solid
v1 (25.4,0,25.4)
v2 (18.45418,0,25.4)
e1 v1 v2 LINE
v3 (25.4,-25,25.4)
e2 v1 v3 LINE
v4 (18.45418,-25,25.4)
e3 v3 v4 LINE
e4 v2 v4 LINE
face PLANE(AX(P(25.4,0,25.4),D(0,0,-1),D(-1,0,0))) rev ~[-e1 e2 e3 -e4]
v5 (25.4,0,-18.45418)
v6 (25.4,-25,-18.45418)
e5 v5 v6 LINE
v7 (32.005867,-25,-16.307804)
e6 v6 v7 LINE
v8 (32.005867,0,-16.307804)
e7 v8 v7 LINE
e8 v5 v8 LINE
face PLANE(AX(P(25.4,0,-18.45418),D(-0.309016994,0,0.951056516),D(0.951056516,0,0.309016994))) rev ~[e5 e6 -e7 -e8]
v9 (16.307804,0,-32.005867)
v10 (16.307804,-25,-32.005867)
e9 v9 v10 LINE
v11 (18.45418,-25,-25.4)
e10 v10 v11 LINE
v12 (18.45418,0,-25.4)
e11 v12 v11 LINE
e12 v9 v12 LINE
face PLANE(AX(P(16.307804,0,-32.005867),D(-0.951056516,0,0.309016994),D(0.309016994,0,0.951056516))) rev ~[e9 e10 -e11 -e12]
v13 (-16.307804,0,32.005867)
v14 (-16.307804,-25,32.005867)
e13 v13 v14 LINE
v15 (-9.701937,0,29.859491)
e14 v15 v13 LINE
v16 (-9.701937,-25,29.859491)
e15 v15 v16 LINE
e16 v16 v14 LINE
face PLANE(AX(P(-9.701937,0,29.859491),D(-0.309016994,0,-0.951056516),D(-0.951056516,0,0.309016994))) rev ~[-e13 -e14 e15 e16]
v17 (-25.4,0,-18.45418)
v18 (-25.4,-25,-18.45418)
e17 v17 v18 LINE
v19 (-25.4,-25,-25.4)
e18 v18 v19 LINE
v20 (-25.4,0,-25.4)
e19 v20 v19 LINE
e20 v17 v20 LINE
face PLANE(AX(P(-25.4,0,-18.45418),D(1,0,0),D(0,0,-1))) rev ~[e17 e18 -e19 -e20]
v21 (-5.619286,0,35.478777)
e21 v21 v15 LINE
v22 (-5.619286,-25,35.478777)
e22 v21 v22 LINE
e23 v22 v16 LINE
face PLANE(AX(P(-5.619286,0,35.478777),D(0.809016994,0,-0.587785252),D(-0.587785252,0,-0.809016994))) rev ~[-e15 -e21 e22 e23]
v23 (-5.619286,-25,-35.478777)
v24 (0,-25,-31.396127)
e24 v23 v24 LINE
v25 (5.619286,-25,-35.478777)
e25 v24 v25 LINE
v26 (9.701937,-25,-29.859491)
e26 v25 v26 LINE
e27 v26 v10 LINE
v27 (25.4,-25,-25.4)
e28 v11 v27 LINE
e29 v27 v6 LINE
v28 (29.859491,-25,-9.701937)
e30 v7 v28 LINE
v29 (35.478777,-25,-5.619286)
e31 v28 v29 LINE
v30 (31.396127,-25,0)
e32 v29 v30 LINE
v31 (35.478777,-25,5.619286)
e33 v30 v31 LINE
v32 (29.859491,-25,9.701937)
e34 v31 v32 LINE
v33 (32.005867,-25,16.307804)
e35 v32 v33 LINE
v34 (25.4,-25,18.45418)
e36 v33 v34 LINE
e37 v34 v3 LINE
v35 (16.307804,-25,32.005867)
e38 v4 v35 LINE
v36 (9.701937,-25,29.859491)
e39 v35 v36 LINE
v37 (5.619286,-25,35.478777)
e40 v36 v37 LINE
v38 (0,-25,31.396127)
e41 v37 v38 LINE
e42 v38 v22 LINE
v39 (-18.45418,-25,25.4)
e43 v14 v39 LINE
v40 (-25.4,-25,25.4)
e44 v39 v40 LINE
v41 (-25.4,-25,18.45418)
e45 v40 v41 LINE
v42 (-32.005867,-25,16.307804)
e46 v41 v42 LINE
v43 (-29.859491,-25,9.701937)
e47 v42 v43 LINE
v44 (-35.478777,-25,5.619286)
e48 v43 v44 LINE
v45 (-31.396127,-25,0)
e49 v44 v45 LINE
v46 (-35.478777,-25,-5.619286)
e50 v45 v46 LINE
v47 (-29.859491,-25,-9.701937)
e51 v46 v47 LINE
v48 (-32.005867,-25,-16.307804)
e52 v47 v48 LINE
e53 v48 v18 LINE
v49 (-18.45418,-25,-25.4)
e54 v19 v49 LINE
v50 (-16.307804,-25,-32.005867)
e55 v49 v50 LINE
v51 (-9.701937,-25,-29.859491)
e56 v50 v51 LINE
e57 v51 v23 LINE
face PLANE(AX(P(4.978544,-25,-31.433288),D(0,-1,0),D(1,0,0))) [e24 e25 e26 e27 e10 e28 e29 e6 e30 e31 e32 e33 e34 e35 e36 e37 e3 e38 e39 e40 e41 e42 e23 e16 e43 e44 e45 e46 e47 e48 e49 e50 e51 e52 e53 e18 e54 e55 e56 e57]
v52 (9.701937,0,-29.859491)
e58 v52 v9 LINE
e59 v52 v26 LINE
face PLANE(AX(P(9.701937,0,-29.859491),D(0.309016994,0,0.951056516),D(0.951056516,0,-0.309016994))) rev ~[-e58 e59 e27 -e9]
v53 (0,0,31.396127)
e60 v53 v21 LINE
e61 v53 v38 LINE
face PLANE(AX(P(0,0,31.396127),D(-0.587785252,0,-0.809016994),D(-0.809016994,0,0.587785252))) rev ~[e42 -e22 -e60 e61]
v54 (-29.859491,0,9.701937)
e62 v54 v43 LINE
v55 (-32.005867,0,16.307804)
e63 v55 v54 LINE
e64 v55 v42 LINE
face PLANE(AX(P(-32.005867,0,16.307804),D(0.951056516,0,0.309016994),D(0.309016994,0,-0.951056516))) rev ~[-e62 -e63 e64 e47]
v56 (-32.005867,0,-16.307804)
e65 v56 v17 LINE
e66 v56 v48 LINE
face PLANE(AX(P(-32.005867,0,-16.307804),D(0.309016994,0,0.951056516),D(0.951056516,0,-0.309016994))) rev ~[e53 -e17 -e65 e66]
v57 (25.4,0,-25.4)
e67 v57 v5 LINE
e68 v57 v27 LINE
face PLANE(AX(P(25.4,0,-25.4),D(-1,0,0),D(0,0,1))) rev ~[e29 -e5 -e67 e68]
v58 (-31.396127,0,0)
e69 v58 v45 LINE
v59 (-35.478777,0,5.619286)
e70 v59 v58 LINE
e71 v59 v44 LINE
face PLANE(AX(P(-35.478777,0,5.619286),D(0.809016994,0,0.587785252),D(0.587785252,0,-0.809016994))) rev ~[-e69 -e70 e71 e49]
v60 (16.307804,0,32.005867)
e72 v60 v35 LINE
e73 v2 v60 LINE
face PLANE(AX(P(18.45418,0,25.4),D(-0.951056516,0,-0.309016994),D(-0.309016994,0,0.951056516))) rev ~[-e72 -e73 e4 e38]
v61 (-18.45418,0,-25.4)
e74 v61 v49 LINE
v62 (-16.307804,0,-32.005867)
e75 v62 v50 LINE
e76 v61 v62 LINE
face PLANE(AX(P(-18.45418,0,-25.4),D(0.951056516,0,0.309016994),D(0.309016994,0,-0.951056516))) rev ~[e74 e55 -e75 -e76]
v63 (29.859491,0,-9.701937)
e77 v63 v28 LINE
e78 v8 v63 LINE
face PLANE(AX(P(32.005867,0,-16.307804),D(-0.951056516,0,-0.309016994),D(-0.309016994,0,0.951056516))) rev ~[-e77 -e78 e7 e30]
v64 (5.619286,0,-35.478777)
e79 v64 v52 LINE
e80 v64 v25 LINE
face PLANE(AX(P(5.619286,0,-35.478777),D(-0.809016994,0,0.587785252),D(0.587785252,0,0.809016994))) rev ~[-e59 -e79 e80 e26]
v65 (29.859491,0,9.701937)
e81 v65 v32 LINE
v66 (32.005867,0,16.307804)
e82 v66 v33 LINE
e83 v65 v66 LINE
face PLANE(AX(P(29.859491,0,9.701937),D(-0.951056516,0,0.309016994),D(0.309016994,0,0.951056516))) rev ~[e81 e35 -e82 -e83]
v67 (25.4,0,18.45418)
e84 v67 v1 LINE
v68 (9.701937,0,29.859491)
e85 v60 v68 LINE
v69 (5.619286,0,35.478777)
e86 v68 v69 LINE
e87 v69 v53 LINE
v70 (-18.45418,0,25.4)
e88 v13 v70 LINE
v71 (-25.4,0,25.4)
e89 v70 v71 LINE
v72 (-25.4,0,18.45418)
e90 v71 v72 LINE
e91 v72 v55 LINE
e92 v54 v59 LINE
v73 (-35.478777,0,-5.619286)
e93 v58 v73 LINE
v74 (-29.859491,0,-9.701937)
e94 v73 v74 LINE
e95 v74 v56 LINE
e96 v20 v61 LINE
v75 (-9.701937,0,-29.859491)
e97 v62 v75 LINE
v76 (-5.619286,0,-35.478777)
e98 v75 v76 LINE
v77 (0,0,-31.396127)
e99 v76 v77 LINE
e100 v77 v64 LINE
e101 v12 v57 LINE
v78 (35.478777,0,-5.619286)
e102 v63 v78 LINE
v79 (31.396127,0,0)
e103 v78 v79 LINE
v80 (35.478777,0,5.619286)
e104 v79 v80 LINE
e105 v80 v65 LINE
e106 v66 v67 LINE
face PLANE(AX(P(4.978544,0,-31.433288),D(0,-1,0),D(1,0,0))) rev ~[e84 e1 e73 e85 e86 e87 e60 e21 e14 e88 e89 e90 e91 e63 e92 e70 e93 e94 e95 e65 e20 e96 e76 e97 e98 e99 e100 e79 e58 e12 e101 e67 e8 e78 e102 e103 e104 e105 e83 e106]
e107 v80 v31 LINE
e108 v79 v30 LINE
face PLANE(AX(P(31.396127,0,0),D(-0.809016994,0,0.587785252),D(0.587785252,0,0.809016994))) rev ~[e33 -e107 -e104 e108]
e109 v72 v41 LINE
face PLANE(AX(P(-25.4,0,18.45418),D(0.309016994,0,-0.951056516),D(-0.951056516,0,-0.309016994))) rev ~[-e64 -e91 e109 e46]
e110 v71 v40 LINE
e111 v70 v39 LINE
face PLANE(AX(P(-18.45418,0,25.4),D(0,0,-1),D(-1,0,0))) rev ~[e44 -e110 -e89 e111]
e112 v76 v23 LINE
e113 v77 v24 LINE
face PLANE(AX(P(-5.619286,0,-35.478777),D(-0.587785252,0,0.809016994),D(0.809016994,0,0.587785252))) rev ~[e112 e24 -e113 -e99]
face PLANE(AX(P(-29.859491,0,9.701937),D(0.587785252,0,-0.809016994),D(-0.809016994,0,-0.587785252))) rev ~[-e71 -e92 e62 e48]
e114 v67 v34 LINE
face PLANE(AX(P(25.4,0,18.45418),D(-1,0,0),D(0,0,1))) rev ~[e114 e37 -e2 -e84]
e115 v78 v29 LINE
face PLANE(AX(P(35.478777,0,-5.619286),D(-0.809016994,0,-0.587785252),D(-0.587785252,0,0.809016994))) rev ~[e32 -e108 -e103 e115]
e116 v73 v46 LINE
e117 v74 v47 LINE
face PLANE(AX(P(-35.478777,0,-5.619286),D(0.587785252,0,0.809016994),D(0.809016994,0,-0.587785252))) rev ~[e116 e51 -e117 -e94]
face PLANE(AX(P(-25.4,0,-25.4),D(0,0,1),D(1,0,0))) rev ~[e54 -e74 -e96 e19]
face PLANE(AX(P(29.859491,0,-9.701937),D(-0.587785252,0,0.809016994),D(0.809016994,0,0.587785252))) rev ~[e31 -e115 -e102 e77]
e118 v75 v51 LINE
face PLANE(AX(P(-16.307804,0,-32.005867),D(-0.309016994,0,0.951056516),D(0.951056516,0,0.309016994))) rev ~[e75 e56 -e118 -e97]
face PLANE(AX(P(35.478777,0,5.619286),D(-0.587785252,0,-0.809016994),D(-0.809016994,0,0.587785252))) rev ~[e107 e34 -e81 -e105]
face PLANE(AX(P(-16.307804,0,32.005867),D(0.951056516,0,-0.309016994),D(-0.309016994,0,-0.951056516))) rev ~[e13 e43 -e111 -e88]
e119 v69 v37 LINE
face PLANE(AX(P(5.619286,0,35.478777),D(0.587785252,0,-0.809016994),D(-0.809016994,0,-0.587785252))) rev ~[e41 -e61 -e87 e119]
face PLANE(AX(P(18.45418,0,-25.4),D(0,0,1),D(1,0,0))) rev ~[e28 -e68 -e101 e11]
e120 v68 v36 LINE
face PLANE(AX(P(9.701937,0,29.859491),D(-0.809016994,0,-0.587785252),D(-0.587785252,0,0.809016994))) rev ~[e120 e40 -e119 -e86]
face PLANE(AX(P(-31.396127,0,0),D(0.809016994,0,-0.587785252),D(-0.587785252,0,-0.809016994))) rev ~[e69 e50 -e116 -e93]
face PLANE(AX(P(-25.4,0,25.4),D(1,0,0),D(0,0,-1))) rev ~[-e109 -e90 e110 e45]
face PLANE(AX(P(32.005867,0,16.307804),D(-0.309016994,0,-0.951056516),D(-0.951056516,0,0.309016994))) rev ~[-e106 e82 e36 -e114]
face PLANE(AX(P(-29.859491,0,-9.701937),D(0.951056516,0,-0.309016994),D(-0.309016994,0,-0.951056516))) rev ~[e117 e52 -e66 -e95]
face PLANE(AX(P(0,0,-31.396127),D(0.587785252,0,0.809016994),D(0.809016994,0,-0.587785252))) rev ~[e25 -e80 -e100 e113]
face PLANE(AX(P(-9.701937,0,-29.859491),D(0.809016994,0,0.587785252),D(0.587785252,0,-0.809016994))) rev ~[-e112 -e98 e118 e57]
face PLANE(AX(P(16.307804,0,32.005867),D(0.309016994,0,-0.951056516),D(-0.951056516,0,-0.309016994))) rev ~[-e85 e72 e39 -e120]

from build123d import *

# Parameters (mm, degrees)
F1_DEPTH = 25


with BuildPart() as f1:
    # F0 (on Front) → F1 (new body)
    with BuildSketch(Plane.XZ):
        Polygon((9.7019366858, -29.8594908165), (4.4594908165, -28.1561168971), (0, -31.3961266285), (5.6192862489, -35.4787770654), align=None)
        Polygon((5.6192862489, 35.4787770654), (0, 31.3961266285), (4.4594908165, 28.1561168971), (9.7019366858, 29.8594908165), align=None)
        Polygon((-28.1561168971, -4.4594908165), (-31.3961266285, 0), (-35.4787770654, -5.6192862489), (-29.8594908165, -9.7019366858), align=None)
        Polygon((4.0229647842, 25.4), (-4.0229647842, 25.4), (-11.67509853, 22.9136710278), (-18.1843922865, 18.1843922865), (-22.9136710278, 11.67509853), (-25.4, 4.0229647842), (-25.4, -4.0229647842), (-22.9136710278, -11.67509853), (-18.1843922865, -18.1843922865), (-11.67509853, -22.9136710278), (-4.0229647842, -25.4), (4.0229647842, -25.4), (11.67509853, -22.9136710278), (18.1843922865, -18.1843922865), (22.9136710278, -11.67509853), (25.4, -4.0229647842), (25.4, 4.0229647842), (22.9136710278, 11.67509853), (18.1843922865, 18.1843922865), (11.67509853, 22.9136710278), align=None)
        Polygon((25.4, 18.4541802113), (20.1575541307, 20.1575541307), (21.6065305321, 15.6980633142), (25.4, 12.9419464172), align=None)
        Polygon((-12.9419464172, -25.4), (-15.6980633142, -21.6065305321), (-20.1575541307, -20.1575541307), (-18.4541802113, -25.4), align=None)
        Polygon((-18.4541802113, 25.4), (-25.4, 25.4), (-25.4, 18.4541802113), (-20.1575541307, 20.1575541307), align=None)
        Polygon((-16.3078038568, 32.005867171), (-18.4541802113, 25.4), (-12.9419464172, 25.4), (-9.7019366858, 29.8594908165), align=None)
        Polygon((9.7019366858, 29.8594908165), (12.9419464172, 25.4), (18.4541802113, 25.4), (16.3078038568, 32.005867171), align=None)
        Polygon((25.4, -25.4), (25.4, -18.4541802113), (20.1575541307, -20.1575541307), (18.4541802113, -25.4), align=None)
        Polygon((-25.4, 12.9419464172), (-25.4, 18.4541802113), (-32.005867171, 16.3078038568), (-29.8594908165, 9.7019366858), align=None)
        Polygon((32.005867171, 16.3078038568), (25.4, 18.4541802113), (25.4, 12.9419464172), (29.8594908165, 9.7019366858), align=None)
        Polygon((29.8594908165, -9.7019366858), (25.4, -12.9419464172), (25.4, -18.4541802113), (32.005867171, -16.3078038568), align=None)
        Polygon((35.4787770654, 5.6192862489), (29.8594908165, 9.7019366858), (28.1561168971, 4.4594908165), (31.3961266285, 0), align=None)
        Polygon((-25.4, 4.0229647842), (-25.4, 8.2529602843), (-28.1561168971, 4.4594908165), (-26.7071404957, 0), align=None)
        Polygon((-4.4594908165, 28.1561168971), (-8.2529602843, 25.4), (-4.0229647842, 25.4), (0, 26.7071404957), align=None)
        Polygon((4.4594908165, -28.1561168971), (0, -26.7071404957), (-4.4594908165, -28.1561168971), (0, -31.3961266285), align=None)
        Polygon((15.6980633142, -21.6065305321), (12.9419464172, -25.4), (18.4541802113, -25.4), (20.1575541307, -20.1575541307), align=None)
        Polygon((0, 31.3961266285), (-4.4594908165, 28.1561168971), (0, 26.7071404957), (4.4594908165, 28.1561168971), align=None)
        Polygon((-28.1561168971, 4.4594908165), (-29.8594908165, 9.7019366858), (-35.4787770654, 5.6192862489), (-31.3961266285, 0), align=None)
        Polygon((-15.6980633142, 21.6065305321), (-20.1575541307, 20.1575541307), (-21.6065305321, 15.6980633142), (-18.1843922865, 18.1843922865), align=None)
        Polygon((28.1561168971, 4.4594908165), (25.4, 8.2529602843), (25.4, 4.0229647842), (26.7071404957, 0), align=None)
        Polygon((0, -26.7071404957), (-4.0229647842, -25.4), (-8.2529602843, -25.4), (-4.4594908165, -28.1561168971), align=None)
        Polygon((26.7071404957, 0), (25.4, -4.0229647842), (25.4, -8.2529602843), (28.1561168971, -4.4594908165), align=None)
        Polygon((-25.4, -12.9419464172), (-25.4, -8.2529602843), (-28.1561168971, -4.4594908165), (-29.8594908165, -9.7019366858), align=None)
        Polygon((28.1561168971, -4.4594908165), (25.4, -8.2529602843), (25.4, -12.9419464172), (29.8594908165, -9.7019366858), align=None)
        Polygon((-25.4, 8.2529602843), (-25.4, 12.9419464172), (-29.8594908165, 9.7019366858), (-28.1561168971, 4.4594908165), align=None)
        Polygon((11.67509853, -22.9136710278), (8.2529602843, -25.4), (12.9419464172, -25.4), (15.6980633142, -21.6065305321), align=None)
        Polygon((25.4, 25.4), (18.4541802113, 25.4), (20.1575541307, 20.1575541307), (25.4, 18.4541802113), align=None)
        Polygon((12.9419464172, 25.4), (8.2529602843, 25.4), (11.67509853, 22.9136710278), (15.6980633142, 21.6065305321), align=None)
        Polygon((8.2529602843, -25.4), (4.0229647842, -25.4), (0, -26.7071404957), (4.4594908165, -28.1561168971), align=None)
        Polygon((-20.1575541307, -20.1575541307), (-25.4, -18.4541802113), (-25.4, -25.4), (-18.4541802113, -25.4), align=None)
        Polygon((-9.7019366858, -29.8594908165), (-12.9419464172, -25.4), (-18.4541802113, -25.4), (-16.3078038568, -32.005867171), align=None)
        Polygon((18.4541802113, -25.4), (12.9419464172, -25.4), (9.7019366858, -29.8594908165), (16.3078038568, -32.005867171), align=None)
        Polygon((-25.4, -18.4541802113), (-25.4, -12.9419464172), (-29.8594908165, -9.7019366858), (-32.005867171, -16.3078038568), align=None)
        Polygon((25.4, -18.4541802113), (25.4, -12.9419464172), (21.6065305321, -15.6980633142), (20.1575541307, -20.1575541307), align=None)
        Polygon((25.4, -12.9419464172), (25.4, -8.2529602843), (22.9136710278, -11.67509853), (21.6065305321, -15.6980633142), align=None)
        Polygon((-22.9136710278, -11.67509853), (-25.4, -8.2529602843), (-25.4, -12.9419464172), (-21.6065305321, -15.6980633142), align=None)
        Polygon((-5.6192862489, 35.4787770654), (-9.7019366858, 29.8594908165), (-4.4594908165, 28.1561168971), (0, 31.3961266285), align=None)
        Polygon((12.9419464172, -25.4), (8.2529602843, -25.4), (4.4594908165, -28.1561168971), (9.7019366858, -29.8594908165), align=None)
        Polygon((4.4594908165, 28.1561168971), (8.2529602843, 25.4), (12.9419464172, 25.4), (9.7019366858, 29.8594908165), align=None)
        Polygon((18.4541802113, 25.4), (12.9419464172, 25.4), (15.6980633142, 21.6065305321), (20.1575541307, 20.1575541307), align=None)
        Polygon((35.4787770654, -5.6192862489), (31.3961266285, 0), (28.1561168971, -4.4594908165), (29.8594908165, -9.7019366858), align=None)
        Polygon((31.3961266285, 0), (28.1561168971, 4.4594908165), (26.7071404957, 0), (28.1561168971, -4.4594908165), align=None)
        Polygon((20.1575541307, 20.1575541307), (15.6980633142, 21.6065305321), (18.1843922865, 18.1843922865), (21.6065305321, 15.6980633142), align=None)
        Polygon((-21.6065305321, -15.6980633142), (-25.4, -12.9419464172), (-25.4, -18.4541802113), (-20.1575541307, -20.1575541307), align=None)
        Polygon((-21.6065305321, 15.6980633142), (-25.4, 12.9419464172), (-25.4, 8.2529602843), (-22.9136710278, 11.67509853), align=None)
        Polygon((-9.7019366858, 29.8594908165), (-12.9419464172, 25.4), (-8.2529602843, 25.4), (-4.4594908165, 28.1561168971), align=None)
        Polygon((20.1575541307, -20.1575541307), (21.6065305321, -15.6980633142), (18.1843922865, -18.1843922865), (15.6980633142, -21.6065305321), align=None)
        Polygon((-20.1575541307, 20.1575541307), (-25.4, 18.4541802113), (-25.4, 12.9419464172), (-21.6065305321, 15.6980633142), align=None)
        Polygon((-26.7071404957, 0), (-28.1561168971, 4.4594908165), (-31.3961266285, 0), (-28.1561168971, -4.4594908165), align=None)
        Polygon((25.4, 12.9419464172), (21.6065305321, 15.6980633142), (22.9136710278, 11.67509853), (25.4, 8.2529602843), align=None)
        Polygon((-4.4594908165, -28.1561168971), (-8.2529602843, -25.4), (-12.9419464172, -25.4), (-9.7019366858, -29.8594908165), align=None)
        Polygon((29.8594908165, 9.7019366858), (25.4, 12.9419464172), (25.4, 8.2529602843), (28.1561168971, 4.4594908165), align=None)
        Polygon((-8.2529602843, -25.4), (-11.67509853, -22.9136710278), (-15.6980633142, -21.6065305321), (-12.9419464172, -25.4), align=None)
        Polygon((-25.4, -8.2529602843), (-25.4, -4.0229647842), (-26.7071404957, 0), (-28.1561168971, -4.4594908165), align=None)
        Polygon((0, 26.7071404957), (4.0229647842, 25.4), (8.2529602843, 25.4), (4.4594908165, 28.1561168971), align=None)
        Polygon((-12.9419464172, 25.4), (-18.4541802113, 25.4), (-20.1575541307, 20.1575541307), (-15.6980633142, 21.6065305321), align=None)
        Polygon((0, -31.3961266285), (-4.4594908165, -28.1561168971), (-9.7019366858, -29.8594908165), (-5.6192862489, -35.4787770654), align=None)
        Polygon((-15.6980633142, -21.6065305321), (-18.1843922865, -18.1843922865), (-21.6065305321, -15.6980633142), (-20.1575541307, -20.1575541307), align=None)
        Polygon((-8.2529602843, 25.4), (-12.9419464172, 25.4), (-15.6980633142, 21.6065305321), (-11.67509853, 22.9136710278), align=None)
        Polygon((21.6065305321, -15.6980633142), (22.9136710278, -11.67509853), (18.1843922865, -18.1843922865), align=None)
        Polygon((-25.4, -4.0229647842), (-25.4, 4.0229647842), (-26.7071404957, 0), align=None)
        Polygon((15.6980633142, 21.6065305321), (11.67509853, 22.9136710278), (18.1843922865, 18.1843922865), align=None)
        Polygon((21.6065305321, 15.6980633142), (18.1843922865, 18.1843922865), (22.9136710278, 11.67509853), align=None)
        Polygon((25.4, 8.2529602843), (22.9136710278, 11.67509853), (25.4, 4.0229647842), align=None)
        Polygon((-11.67509853, 22.9136710278), (-15.6980633142, 21.6065305321), (-18.1843922865, 18.1843922865), align=None)
        Polygon((-4.0229647842, -25.4), (-11.67509853, -22.9136710278), (-8.2529602843, -25.4), align=None)
        Polygon((0, 26.7071404957), (-4.0229647842, 25.4), (4.0229647842, 25.4), align=None)
        Polygon((18.1843922865, -18.1843922865), (11.67509853, -22.9136710278), (15.6980633142, -21.6065305321), align=None)
        Polygon((4.0229647842, -25.4), (-4.0229647842, -25.4), (0, -26.7071404957), align=None)
        Polygon((11.67509853, -22.9136710278), (4.0229647842, -25.4), (8.2529602843, -25.4), align=None)
        Polygon((-11.67509853, -22.9136710278), (-18.1843922865, -18.1843922865), (-15.6980633142, -21.6065305321), align=None)
        Polygon((-18.1843922865, 18.1843922865), (-21.6065305321, 15.6980633142), (-22.9136710278, 11.67509853), align=None)
        Polygon((25.4, -8.2529602843), (25.4, -4.0229647842), (22.9136710278, -11.67509853), align=None)
        Polygon((-22.9136710278, -11.67509853), (-25.4, -4.0229647842), (-25.4, -8.2529602843), align=None)
        Polygon((26.7071404957, 0), (25.4, 4.0229647842), (25.4, -4.0229647842), align=None)
        Polygon((-4.0229647842, 25.4), (-8.2529602843, 25.4), (-11.67509853, 22.9136710278), align=None)
        Polygon((8.2529602843, 25.4), (4.0229647842, 25.4), (11.67509853, 22.9136710278), align=None)
        Polygon((-18.1843922865, -18.1843922865), (-22.9136710278, -11.67509853), (-21.6065305321, -15.6980633142), align=None)
        Polygon((-22.9136710278, 11.67509853), (-25.4, 8.2529602843), (-25.4, 4.0229647842), align=None)
    extrude(amount=F1_DEPTH)


solid = f1.part
